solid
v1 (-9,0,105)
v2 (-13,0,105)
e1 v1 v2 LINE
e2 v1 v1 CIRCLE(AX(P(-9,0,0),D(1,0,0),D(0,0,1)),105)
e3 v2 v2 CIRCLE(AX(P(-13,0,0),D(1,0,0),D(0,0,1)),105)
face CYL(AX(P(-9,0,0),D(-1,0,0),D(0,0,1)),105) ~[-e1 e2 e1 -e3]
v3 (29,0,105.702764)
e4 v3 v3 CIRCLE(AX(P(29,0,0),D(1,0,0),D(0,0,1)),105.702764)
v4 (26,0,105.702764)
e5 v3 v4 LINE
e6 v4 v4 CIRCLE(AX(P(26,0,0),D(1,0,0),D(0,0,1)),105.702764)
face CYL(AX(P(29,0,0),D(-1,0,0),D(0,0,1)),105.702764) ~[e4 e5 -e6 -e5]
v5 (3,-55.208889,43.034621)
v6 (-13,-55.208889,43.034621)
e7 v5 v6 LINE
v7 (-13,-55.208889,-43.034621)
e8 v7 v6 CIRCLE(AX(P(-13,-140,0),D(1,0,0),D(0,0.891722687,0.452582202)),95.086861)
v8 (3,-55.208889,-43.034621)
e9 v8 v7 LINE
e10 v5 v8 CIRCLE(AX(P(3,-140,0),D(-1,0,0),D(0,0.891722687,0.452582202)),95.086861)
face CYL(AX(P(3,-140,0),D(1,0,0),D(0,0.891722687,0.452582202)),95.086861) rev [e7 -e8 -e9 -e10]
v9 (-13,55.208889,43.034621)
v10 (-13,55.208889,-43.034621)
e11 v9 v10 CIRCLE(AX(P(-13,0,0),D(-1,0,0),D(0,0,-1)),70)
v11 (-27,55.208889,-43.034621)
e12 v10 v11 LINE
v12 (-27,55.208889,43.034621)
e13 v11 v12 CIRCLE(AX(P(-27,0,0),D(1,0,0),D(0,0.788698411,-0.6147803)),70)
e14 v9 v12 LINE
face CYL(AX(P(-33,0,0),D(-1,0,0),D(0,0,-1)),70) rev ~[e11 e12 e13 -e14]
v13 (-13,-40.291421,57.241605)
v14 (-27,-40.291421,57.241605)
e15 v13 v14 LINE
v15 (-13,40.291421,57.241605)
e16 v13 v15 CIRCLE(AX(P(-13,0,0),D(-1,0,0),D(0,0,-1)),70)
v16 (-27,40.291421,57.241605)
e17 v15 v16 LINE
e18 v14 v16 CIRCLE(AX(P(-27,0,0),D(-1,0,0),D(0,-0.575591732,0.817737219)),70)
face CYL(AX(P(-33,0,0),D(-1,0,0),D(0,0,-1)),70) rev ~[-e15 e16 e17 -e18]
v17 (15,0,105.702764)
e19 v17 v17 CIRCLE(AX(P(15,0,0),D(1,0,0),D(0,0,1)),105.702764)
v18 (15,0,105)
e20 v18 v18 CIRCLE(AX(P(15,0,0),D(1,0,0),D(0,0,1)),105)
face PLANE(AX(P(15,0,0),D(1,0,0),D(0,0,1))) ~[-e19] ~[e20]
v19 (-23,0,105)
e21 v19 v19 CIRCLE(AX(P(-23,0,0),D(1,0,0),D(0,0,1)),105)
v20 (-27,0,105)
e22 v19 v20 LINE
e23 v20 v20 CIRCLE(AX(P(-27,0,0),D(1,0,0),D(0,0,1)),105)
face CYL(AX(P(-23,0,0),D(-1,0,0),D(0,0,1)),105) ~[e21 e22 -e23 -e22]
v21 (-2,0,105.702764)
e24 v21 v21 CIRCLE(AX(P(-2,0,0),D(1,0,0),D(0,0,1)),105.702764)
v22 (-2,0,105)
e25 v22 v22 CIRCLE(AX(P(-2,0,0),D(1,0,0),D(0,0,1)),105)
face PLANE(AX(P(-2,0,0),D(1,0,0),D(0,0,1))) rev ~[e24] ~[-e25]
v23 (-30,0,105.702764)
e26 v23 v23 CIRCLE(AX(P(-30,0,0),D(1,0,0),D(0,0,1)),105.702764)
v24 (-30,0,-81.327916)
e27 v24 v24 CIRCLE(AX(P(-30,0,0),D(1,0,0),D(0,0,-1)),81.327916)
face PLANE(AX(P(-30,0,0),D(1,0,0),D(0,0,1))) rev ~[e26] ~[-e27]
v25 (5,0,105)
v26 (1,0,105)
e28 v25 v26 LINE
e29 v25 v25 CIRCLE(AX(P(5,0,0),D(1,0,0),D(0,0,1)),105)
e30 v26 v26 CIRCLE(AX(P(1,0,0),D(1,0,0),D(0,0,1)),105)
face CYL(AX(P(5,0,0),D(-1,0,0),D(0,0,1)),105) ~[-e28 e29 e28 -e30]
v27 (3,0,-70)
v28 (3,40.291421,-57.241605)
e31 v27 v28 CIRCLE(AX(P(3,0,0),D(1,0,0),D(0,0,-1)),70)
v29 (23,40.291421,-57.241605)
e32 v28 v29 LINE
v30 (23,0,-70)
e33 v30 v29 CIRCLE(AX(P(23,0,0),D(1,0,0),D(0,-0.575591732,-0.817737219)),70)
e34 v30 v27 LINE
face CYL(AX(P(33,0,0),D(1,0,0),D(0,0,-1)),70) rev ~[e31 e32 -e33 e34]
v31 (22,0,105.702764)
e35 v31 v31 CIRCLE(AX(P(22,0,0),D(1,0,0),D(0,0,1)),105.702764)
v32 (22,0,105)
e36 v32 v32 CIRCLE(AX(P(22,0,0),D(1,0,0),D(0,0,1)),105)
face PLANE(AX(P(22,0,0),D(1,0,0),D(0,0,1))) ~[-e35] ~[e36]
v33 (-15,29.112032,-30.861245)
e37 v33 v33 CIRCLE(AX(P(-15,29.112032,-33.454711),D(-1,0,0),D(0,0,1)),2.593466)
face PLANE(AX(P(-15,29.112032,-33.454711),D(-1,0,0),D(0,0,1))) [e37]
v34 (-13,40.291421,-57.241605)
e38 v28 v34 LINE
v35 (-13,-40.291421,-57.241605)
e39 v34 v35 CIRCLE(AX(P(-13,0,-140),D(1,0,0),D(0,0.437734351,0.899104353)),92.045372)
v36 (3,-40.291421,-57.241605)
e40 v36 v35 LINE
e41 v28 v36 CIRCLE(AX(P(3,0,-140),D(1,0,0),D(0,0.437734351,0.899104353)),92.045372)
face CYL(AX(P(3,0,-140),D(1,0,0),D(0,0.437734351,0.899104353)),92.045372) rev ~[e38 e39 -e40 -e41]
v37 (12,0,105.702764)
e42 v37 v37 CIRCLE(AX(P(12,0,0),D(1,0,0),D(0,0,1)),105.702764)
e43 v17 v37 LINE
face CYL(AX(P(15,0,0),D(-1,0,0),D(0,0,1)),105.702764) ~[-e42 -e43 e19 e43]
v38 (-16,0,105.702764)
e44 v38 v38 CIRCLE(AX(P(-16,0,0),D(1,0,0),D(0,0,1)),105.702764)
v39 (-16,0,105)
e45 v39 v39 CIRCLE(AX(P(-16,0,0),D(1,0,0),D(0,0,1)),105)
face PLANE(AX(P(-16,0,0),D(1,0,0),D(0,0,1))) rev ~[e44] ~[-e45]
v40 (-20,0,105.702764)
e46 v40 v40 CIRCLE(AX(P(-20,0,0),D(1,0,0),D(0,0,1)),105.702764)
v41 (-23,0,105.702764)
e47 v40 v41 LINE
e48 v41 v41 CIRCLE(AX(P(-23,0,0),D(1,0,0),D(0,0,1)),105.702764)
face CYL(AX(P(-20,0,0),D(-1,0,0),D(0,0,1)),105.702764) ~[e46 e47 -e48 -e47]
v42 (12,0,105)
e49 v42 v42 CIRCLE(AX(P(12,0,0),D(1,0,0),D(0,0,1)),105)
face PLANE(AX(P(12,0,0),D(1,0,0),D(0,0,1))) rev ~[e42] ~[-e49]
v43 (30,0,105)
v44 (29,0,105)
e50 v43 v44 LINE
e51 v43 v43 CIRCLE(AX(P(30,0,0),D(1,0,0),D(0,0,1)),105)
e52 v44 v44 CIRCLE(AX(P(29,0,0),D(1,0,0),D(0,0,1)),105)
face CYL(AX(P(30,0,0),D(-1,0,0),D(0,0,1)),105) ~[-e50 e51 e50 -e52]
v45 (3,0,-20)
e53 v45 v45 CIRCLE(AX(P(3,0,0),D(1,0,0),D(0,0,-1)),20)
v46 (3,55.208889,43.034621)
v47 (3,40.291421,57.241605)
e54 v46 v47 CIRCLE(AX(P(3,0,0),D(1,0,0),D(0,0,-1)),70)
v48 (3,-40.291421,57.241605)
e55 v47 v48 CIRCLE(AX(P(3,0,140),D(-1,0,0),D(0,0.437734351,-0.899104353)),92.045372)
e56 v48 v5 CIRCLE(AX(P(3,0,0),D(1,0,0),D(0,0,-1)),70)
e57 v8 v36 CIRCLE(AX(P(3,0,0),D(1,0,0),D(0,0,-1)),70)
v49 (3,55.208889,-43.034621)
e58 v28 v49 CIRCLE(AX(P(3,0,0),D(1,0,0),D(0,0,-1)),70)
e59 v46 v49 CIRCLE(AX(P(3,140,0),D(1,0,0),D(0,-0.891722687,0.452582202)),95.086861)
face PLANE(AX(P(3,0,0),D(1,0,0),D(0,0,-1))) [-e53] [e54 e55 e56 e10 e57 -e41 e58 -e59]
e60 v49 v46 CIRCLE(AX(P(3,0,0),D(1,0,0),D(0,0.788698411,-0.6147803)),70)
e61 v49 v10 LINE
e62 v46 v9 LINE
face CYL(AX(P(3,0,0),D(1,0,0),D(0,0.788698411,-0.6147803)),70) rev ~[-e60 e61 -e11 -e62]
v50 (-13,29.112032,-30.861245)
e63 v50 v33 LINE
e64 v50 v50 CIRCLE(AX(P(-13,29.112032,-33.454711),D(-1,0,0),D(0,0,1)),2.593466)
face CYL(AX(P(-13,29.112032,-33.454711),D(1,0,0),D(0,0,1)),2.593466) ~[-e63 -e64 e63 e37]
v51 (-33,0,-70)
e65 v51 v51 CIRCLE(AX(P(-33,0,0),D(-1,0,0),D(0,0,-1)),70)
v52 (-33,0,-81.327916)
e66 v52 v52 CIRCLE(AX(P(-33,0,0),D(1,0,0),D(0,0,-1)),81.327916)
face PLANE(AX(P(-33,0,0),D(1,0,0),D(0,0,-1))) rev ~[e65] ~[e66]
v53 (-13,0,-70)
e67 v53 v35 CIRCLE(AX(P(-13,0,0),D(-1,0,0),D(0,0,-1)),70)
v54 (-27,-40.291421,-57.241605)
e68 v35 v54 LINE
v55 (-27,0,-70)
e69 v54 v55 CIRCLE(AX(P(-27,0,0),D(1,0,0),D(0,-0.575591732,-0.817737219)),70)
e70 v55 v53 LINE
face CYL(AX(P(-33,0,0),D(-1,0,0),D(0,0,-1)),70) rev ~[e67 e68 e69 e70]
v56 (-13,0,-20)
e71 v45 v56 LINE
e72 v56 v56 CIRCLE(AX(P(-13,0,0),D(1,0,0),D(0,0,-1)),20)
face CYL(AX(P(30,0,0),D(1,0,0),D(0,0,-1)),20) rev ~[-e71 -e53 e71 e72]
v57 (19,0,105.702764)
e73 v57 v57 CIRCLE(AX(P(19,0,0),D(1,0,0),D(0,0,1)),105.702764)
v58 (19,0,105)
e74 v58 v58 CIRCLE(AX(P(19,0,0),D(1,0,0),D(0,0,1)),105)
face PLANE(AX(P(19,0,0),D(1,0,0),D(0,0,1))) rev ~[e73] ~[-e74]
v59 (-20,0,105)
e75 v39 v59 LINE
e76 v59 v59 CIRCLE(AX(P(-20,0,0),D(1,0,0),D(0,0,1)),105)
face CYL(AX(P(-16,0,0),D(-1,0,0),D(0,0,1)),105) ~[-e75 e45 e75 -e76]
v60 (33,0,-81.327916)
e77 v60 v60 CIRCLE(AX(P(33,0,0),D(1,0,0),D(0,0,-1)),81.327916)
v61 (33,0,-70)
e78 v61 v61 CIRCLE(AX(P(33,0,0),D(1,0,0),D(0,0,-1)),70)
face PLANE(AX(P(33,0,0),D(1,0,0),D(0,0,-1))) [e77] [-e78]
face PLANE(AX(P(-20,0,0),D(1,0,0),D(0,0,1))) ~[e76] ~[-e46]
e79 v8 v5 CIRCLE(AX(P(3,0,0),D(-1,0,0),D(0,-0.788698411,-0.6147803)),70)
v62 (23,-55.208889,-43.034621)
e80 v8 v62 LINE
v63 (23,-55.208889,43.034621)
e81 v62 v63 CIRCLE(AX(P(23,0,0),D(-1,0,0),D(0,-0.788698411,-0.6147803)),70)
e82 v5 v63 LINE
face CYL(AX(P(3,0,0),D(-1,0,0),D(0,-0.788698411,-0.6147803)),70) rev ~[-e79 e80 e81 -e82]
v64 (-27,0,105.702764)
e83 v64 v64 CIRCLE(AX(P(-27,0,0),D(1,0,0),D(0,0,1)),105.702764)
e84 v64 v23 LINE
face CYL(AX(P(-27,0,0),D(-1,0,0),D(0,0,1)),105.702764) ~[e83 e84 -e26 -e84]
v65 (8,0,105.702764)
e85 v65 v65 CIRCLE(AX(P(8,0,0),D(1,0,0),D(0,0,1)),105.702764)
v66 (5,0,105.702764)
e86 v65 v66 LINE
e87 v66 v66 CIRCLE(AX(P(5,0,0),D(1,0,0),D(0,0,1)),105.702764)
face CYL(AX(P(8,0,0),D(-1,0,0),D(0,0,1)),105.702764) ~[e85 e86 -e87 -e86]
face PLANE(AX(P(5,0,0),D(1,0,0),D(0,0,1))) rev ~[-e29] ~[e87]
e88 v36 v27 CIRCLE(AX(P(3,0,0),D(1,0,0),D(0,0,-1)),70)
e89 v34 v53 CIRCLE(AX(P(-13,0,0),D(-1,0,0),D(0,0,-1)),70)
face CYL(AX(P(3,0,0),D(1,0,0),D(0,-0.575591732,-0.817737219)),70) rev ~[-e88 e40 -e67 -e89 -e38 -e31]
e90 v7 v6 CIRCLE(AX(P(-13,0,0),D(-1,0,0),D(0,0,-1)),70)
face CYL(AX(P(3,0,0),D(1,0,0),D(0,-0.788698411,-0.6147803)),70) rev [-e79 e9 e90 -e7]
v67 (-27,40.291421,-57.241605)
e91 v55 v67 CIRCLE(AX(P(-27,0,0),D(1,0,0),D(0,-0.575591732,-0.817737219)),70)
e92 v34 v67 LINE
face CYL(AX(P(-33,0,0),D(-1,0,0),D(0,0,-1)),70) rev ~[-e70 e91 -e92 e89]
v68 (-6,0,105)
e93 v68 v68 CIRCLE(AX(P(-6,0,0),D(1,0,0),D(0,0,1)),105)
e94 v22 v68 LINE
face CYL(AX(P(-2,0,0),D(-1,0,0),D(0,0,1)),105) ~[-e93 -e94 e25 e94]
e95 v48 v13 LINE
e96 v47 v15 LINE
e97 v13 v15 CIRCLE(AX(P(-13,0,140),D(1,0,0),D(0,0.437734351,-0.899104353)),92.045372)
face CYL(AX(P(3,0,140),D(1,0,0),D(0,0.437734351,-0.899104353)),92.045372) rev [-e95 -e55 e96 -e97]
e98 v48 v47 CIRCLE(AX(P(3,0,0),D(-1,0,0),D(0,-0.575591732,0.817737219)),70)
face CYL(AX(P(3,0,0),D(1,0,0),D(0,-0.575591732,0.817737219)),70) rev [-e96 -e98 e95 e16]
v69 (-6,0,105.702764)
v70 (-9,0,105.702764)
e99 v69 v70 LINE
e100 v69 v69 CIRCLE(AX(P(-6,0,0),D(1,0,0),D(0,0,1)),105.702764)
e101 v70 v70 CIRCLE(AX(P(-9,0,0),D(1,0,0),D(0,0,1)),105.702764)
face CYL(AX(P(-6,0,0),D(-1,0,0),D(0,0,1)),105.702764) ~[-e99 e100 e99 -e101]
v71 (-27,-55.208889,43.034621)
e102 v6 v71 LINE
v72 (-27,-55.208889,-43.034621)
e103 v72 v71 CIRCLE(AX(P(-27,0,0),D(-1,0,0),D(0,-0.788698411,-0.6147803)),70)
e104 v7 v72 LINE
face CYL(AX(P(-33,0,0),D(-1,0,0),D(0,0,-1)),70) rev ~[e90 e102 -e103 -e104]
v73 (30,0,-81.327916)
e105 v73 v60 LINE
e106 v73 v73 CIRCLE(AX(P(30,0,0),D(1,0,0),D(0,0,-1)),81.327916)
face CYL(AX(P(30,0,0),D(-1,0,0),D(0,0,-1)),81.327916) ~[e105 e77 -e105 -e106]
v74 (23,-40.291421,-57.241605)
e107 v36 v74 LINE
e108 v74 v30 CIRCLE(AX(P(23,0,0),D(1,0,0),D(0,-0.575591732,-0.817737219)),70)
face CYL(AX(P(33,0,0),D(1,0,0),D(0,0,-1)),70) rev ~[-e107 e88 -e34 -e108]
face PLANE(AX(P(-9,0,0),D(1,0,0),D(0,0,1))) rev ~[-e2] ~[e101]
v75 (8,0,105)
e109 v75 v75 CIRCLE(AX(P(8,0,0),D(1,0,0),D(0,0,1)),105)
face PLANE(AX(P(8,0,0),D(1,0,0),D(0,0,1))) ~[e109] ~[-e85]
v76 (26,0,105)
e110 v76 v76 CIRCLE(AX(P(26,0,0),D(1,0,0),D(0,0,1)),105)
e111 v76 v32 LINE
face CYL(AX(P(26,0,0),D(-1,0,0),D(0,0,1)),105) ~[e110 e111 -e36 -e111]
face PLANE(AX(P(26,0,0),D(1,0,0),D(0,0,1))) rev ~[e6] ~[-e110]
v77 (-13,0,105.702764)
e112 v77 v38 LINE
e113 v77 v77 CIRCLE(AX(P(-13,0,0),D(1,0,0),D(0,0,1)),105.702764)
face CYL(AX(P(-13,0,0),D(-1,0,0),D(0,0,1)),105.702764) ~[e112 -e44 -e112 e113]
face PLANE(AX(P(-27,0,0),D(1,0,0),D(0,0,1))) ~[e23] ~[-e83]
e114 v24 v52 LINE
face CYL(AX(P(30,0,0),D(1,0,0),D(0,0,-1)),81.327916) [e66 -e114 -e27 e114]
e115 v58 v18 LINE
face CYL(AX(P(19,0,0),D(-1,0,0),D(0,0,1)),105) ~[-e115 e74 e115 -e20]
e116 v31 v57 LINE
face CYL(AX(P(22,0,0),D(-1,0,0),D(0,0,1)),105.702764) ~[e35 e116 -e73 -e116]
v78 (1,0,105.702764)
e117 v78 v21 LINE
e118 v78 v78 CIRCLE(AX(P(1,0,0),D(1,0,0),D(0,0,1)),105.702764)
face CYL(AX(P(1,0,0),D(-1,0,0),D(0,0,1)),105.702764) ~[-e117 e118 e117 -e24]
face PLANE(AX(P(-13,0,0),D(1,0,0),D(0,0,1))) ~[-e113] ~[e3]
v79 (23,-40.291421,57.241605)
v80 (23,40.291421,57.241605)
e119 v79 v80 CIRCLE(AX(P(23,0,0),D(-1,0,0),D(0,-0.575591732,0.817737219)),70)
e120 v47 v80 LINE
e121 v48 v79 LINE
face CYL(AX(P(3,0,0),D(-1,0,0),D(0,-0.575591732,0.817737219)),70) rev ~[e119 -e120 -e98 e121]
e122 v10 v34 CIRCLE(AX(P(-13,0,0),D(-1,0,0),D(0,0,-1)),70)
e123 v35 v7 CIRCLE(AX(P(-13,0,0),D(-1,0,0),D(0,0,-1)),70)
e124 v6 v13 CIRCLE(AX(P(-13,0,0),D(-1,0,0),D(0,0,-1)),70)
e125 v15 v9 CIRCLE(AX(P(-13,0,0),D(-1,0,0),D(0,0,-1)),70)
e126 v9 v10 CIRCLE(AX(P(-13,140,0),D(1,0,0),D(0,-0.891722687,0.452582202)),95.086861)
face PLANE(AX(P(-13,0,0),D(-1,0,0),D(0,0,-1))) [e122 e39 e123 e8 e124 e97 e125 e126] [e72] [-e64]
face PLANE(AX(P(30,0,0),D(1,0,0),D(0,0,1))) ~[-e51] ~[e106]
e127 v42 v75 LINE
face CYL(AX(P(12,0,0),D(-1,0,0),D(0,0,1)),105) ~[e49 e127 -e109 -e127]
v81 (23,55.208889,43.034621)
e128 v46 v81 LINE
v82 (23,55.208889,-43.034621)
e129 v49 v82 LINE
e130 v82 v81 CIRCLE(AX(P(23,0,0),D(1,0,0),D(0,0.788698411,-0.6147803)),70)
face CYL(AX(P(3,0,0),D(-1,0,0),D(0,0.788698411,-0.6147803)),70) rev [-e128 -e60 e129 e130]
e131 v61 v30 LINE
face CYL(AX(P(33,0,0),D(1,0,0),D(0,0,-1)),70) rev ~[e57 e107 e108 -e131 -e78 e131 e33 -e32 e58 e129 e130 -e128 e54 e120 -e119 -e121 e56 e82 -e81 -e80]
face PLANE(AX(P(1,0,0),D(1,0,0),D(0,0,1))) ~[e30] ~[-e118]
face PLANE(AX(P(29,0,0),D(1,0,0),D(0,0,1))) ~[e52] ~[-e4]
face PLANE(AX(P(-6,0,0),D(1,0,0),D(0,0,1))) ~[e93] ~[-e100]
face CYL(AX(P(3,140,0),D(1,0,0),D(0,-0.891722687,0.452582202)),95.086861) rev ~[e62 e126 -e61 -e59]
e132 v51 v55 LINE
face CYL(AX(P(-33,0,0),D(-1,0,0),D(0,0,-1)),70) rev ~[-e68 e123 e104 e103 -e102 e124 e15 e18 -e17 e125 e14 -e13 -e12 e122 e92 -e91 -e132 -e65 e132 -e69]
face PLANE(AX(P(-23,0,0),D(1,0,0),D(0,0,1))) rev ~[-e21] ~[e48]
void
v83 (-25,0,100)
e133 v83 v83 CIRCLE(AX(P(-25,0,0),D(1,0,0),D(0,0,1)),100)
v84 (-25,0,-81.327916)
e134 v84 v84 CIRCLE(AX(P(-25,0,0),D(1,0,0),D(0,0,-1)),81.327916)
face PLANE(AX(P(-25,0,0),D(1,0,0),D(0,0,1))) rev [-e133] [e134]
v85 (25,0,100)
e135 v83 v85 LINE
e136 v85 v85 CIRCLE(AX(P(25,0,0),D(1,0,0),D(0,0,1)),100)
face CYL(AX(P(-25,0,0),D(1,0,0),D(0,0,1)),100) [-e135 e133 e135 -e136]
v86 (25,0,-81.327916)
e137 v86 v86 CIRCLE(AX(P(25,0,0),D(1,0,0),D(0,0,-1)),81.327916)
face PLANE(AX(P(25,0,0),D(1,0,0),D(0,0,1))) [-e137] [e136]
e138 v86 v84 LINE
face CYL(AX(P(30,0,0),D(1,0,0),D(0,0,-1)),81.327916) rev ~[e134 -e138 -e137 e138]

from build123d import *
from build123d.topology import SkipClean

# Parameters (mm, degrees)
SKETCH2_R                = 81.32791599
SKETCH2_R_2              = 20
BOSS_EXTRUDE1_DEPTH      = 3
BOSS_EXTRUDE1_DEPTH_BACK = 63
SKETCH3_R                = 70
CUT_EXTRUDE1_DEPTH       = 30
SKETCH4_R                = 70
CUT_EXTRUDE2_DEPTH       = 20
CUT_EXTRUDE3_DEPTH       = 20
CUT_EXTRUDE3_DEPTH_BACK  = 30
SKETCH6_R                = 2.5934664
BOSS_EXTRUDE2_DEPTH      = 2


with BuildPart() as part:
    # Sketch1 → Revolve1 (revolve)
    with BuildSketch(Plane.XY, mode=Mode.PRIVATE) as revolve1_sk:
        Polygon((25, 100), (25, 75), (30, 75), (30, 105), (29, 105), (29, 105.702764037), (26, 105.702764037), (26, 105), (22, 105), (22, 105.702764037), (19, 105.702764037), (19, 105), (15, 105), (15, 105.702764037), (12, 105.702764037), (12, 105), (8, 105), (8, 105.702764037), (5, 105.702764037), (5, 105), (1, 105), (1, 105.702764037), (-2, 105.702764037), (-2, 105), (-6, 105), (-6, 105.702764037), (-9, 105.702764037), (-9, 105), (-13, 105), (-13, 105.702764037), (-16, 105.702764037), (-16, 105), (-20, 105), (-20, 105.702764037), (-23, 105.702764037), (-23, 105), (-27, 105), (-27, 105.702764037), (-30, 105.702764037), (-30, 75), (-25, 75), (-25, 100), align=None)
    revolve(revolve1_sk.sketch.rotate(Axis((-60.37659433, 0, 0), (1, 0, 0)), 90), axis=Axis((-60.37659433, 0, 0), (1, 0, 0)))

    # Sketch2 → Boss-Extrude1 (add, two sides)
    with BuildSketch(Plane(origin=(30, 0, 0), x_dir=(0, 0, -1), z_dir=(1, 0, 0))) as boss_extrude1_sk:
        Circle(SKETCH2_R)
        Circle(SKETCH2_R_2, mode=Mode.SUBTRACT)
    extrude(amount=BOSS_EXTRUDE1_DEPTH)
    extrude(boss_extrude1_sk.sketch, amount=-BOSS_EXTRUDE1_DEPTH_BACK)

    # Sketch3 → Cut-Extrude1 (cut)
    with BuildSketch(Plane(origin=(33, 0, 0), x_dir=(0, 0, -1), z_dir=(1, 0, 0))):
        Circle(SKETCH3_R)
    extrude(amount=-CUT_EXTRUDE1_DEPTH, mode=Mode.SUBTRACT)

    # Sketch4 → Cut-Extrude2 (cut)
    with BuildSketch(Plane.ZY.offset(33)):
        with Locations(Location((0, 0, 0), (0, 0, 180))):
            Circle(SKETCH4_R)
    extrude(amount=-CUT_EXTRUDE2_DEPTH, mode=Mode.SUBTRACT)

    # Sketch5 → Cut-Extrude3 (cut, two sides)
    with SkipClean():  # the faces are left unmerged after this step: merging them gives an invalid solid
        with BuildSketch(Plane(origin=(3, 0, 0), x_dir=(0, 0, -1), z_dir=(1, 0, 0))) as cut_extrude3_sk:
            with BuildLine():
                ThreePointArc((-57.241605299, 40.291421206), (-47.954627948, 0), (-57.241605299, -40.291421206))
                ThreePointArc((-57.241605299, -40.291421206), (-70, 0), (-57.241605299, 40.291421206))
            make_face()
            with BuildLine():
                ThreePointArc((-43.034620977, -55.208888753), (0, -44.913138925), (43.034620977, -55.208888753))
                ThreePointArc((43.034620977, -55.208888753), (0, -70), (-43.034620977, -55.208888753))
            make_face()
            with BuildLine():
                ThreePointArc((57.241605299, 40.291421206), (47.954627948, 0), (57.241605299, -40.291421206))
                ThreePointArc((57.241605299, -40.291421206), (70, 0), (57.241605299, 40.291421206))
            make_face()
            with BuildLine():
                ThreePointArc((-43.034620977, 55.208888753), (0, 44.913138925), (43.034620977, 55.208888753))
                ThreePointArc((43.034620977, 55.208888753), (0, 70), (-43.034620977, 55.208888753))
            make_face()
        extrude(amount=CUT_EXTRUDE3_DEPTH, mode=Mode.SUBTRACT)
        extrude(cut_extrude3_sk.sketch, amount=-CUT_EXTRUDE3_DEPTH_BACK, mode=Mode.SUBTRACT)

    # Sketch6 → Boss-Extrude2 (add)
    with BuildSketch(Plane.ZY.offset(13)):
        with Locations((-33.454711328, 29.112032454)):
            Circle(SKETCH6_R)
    extrude(amount=BOSS_EXTRUDE2_DEPTH)


solid = part.part
